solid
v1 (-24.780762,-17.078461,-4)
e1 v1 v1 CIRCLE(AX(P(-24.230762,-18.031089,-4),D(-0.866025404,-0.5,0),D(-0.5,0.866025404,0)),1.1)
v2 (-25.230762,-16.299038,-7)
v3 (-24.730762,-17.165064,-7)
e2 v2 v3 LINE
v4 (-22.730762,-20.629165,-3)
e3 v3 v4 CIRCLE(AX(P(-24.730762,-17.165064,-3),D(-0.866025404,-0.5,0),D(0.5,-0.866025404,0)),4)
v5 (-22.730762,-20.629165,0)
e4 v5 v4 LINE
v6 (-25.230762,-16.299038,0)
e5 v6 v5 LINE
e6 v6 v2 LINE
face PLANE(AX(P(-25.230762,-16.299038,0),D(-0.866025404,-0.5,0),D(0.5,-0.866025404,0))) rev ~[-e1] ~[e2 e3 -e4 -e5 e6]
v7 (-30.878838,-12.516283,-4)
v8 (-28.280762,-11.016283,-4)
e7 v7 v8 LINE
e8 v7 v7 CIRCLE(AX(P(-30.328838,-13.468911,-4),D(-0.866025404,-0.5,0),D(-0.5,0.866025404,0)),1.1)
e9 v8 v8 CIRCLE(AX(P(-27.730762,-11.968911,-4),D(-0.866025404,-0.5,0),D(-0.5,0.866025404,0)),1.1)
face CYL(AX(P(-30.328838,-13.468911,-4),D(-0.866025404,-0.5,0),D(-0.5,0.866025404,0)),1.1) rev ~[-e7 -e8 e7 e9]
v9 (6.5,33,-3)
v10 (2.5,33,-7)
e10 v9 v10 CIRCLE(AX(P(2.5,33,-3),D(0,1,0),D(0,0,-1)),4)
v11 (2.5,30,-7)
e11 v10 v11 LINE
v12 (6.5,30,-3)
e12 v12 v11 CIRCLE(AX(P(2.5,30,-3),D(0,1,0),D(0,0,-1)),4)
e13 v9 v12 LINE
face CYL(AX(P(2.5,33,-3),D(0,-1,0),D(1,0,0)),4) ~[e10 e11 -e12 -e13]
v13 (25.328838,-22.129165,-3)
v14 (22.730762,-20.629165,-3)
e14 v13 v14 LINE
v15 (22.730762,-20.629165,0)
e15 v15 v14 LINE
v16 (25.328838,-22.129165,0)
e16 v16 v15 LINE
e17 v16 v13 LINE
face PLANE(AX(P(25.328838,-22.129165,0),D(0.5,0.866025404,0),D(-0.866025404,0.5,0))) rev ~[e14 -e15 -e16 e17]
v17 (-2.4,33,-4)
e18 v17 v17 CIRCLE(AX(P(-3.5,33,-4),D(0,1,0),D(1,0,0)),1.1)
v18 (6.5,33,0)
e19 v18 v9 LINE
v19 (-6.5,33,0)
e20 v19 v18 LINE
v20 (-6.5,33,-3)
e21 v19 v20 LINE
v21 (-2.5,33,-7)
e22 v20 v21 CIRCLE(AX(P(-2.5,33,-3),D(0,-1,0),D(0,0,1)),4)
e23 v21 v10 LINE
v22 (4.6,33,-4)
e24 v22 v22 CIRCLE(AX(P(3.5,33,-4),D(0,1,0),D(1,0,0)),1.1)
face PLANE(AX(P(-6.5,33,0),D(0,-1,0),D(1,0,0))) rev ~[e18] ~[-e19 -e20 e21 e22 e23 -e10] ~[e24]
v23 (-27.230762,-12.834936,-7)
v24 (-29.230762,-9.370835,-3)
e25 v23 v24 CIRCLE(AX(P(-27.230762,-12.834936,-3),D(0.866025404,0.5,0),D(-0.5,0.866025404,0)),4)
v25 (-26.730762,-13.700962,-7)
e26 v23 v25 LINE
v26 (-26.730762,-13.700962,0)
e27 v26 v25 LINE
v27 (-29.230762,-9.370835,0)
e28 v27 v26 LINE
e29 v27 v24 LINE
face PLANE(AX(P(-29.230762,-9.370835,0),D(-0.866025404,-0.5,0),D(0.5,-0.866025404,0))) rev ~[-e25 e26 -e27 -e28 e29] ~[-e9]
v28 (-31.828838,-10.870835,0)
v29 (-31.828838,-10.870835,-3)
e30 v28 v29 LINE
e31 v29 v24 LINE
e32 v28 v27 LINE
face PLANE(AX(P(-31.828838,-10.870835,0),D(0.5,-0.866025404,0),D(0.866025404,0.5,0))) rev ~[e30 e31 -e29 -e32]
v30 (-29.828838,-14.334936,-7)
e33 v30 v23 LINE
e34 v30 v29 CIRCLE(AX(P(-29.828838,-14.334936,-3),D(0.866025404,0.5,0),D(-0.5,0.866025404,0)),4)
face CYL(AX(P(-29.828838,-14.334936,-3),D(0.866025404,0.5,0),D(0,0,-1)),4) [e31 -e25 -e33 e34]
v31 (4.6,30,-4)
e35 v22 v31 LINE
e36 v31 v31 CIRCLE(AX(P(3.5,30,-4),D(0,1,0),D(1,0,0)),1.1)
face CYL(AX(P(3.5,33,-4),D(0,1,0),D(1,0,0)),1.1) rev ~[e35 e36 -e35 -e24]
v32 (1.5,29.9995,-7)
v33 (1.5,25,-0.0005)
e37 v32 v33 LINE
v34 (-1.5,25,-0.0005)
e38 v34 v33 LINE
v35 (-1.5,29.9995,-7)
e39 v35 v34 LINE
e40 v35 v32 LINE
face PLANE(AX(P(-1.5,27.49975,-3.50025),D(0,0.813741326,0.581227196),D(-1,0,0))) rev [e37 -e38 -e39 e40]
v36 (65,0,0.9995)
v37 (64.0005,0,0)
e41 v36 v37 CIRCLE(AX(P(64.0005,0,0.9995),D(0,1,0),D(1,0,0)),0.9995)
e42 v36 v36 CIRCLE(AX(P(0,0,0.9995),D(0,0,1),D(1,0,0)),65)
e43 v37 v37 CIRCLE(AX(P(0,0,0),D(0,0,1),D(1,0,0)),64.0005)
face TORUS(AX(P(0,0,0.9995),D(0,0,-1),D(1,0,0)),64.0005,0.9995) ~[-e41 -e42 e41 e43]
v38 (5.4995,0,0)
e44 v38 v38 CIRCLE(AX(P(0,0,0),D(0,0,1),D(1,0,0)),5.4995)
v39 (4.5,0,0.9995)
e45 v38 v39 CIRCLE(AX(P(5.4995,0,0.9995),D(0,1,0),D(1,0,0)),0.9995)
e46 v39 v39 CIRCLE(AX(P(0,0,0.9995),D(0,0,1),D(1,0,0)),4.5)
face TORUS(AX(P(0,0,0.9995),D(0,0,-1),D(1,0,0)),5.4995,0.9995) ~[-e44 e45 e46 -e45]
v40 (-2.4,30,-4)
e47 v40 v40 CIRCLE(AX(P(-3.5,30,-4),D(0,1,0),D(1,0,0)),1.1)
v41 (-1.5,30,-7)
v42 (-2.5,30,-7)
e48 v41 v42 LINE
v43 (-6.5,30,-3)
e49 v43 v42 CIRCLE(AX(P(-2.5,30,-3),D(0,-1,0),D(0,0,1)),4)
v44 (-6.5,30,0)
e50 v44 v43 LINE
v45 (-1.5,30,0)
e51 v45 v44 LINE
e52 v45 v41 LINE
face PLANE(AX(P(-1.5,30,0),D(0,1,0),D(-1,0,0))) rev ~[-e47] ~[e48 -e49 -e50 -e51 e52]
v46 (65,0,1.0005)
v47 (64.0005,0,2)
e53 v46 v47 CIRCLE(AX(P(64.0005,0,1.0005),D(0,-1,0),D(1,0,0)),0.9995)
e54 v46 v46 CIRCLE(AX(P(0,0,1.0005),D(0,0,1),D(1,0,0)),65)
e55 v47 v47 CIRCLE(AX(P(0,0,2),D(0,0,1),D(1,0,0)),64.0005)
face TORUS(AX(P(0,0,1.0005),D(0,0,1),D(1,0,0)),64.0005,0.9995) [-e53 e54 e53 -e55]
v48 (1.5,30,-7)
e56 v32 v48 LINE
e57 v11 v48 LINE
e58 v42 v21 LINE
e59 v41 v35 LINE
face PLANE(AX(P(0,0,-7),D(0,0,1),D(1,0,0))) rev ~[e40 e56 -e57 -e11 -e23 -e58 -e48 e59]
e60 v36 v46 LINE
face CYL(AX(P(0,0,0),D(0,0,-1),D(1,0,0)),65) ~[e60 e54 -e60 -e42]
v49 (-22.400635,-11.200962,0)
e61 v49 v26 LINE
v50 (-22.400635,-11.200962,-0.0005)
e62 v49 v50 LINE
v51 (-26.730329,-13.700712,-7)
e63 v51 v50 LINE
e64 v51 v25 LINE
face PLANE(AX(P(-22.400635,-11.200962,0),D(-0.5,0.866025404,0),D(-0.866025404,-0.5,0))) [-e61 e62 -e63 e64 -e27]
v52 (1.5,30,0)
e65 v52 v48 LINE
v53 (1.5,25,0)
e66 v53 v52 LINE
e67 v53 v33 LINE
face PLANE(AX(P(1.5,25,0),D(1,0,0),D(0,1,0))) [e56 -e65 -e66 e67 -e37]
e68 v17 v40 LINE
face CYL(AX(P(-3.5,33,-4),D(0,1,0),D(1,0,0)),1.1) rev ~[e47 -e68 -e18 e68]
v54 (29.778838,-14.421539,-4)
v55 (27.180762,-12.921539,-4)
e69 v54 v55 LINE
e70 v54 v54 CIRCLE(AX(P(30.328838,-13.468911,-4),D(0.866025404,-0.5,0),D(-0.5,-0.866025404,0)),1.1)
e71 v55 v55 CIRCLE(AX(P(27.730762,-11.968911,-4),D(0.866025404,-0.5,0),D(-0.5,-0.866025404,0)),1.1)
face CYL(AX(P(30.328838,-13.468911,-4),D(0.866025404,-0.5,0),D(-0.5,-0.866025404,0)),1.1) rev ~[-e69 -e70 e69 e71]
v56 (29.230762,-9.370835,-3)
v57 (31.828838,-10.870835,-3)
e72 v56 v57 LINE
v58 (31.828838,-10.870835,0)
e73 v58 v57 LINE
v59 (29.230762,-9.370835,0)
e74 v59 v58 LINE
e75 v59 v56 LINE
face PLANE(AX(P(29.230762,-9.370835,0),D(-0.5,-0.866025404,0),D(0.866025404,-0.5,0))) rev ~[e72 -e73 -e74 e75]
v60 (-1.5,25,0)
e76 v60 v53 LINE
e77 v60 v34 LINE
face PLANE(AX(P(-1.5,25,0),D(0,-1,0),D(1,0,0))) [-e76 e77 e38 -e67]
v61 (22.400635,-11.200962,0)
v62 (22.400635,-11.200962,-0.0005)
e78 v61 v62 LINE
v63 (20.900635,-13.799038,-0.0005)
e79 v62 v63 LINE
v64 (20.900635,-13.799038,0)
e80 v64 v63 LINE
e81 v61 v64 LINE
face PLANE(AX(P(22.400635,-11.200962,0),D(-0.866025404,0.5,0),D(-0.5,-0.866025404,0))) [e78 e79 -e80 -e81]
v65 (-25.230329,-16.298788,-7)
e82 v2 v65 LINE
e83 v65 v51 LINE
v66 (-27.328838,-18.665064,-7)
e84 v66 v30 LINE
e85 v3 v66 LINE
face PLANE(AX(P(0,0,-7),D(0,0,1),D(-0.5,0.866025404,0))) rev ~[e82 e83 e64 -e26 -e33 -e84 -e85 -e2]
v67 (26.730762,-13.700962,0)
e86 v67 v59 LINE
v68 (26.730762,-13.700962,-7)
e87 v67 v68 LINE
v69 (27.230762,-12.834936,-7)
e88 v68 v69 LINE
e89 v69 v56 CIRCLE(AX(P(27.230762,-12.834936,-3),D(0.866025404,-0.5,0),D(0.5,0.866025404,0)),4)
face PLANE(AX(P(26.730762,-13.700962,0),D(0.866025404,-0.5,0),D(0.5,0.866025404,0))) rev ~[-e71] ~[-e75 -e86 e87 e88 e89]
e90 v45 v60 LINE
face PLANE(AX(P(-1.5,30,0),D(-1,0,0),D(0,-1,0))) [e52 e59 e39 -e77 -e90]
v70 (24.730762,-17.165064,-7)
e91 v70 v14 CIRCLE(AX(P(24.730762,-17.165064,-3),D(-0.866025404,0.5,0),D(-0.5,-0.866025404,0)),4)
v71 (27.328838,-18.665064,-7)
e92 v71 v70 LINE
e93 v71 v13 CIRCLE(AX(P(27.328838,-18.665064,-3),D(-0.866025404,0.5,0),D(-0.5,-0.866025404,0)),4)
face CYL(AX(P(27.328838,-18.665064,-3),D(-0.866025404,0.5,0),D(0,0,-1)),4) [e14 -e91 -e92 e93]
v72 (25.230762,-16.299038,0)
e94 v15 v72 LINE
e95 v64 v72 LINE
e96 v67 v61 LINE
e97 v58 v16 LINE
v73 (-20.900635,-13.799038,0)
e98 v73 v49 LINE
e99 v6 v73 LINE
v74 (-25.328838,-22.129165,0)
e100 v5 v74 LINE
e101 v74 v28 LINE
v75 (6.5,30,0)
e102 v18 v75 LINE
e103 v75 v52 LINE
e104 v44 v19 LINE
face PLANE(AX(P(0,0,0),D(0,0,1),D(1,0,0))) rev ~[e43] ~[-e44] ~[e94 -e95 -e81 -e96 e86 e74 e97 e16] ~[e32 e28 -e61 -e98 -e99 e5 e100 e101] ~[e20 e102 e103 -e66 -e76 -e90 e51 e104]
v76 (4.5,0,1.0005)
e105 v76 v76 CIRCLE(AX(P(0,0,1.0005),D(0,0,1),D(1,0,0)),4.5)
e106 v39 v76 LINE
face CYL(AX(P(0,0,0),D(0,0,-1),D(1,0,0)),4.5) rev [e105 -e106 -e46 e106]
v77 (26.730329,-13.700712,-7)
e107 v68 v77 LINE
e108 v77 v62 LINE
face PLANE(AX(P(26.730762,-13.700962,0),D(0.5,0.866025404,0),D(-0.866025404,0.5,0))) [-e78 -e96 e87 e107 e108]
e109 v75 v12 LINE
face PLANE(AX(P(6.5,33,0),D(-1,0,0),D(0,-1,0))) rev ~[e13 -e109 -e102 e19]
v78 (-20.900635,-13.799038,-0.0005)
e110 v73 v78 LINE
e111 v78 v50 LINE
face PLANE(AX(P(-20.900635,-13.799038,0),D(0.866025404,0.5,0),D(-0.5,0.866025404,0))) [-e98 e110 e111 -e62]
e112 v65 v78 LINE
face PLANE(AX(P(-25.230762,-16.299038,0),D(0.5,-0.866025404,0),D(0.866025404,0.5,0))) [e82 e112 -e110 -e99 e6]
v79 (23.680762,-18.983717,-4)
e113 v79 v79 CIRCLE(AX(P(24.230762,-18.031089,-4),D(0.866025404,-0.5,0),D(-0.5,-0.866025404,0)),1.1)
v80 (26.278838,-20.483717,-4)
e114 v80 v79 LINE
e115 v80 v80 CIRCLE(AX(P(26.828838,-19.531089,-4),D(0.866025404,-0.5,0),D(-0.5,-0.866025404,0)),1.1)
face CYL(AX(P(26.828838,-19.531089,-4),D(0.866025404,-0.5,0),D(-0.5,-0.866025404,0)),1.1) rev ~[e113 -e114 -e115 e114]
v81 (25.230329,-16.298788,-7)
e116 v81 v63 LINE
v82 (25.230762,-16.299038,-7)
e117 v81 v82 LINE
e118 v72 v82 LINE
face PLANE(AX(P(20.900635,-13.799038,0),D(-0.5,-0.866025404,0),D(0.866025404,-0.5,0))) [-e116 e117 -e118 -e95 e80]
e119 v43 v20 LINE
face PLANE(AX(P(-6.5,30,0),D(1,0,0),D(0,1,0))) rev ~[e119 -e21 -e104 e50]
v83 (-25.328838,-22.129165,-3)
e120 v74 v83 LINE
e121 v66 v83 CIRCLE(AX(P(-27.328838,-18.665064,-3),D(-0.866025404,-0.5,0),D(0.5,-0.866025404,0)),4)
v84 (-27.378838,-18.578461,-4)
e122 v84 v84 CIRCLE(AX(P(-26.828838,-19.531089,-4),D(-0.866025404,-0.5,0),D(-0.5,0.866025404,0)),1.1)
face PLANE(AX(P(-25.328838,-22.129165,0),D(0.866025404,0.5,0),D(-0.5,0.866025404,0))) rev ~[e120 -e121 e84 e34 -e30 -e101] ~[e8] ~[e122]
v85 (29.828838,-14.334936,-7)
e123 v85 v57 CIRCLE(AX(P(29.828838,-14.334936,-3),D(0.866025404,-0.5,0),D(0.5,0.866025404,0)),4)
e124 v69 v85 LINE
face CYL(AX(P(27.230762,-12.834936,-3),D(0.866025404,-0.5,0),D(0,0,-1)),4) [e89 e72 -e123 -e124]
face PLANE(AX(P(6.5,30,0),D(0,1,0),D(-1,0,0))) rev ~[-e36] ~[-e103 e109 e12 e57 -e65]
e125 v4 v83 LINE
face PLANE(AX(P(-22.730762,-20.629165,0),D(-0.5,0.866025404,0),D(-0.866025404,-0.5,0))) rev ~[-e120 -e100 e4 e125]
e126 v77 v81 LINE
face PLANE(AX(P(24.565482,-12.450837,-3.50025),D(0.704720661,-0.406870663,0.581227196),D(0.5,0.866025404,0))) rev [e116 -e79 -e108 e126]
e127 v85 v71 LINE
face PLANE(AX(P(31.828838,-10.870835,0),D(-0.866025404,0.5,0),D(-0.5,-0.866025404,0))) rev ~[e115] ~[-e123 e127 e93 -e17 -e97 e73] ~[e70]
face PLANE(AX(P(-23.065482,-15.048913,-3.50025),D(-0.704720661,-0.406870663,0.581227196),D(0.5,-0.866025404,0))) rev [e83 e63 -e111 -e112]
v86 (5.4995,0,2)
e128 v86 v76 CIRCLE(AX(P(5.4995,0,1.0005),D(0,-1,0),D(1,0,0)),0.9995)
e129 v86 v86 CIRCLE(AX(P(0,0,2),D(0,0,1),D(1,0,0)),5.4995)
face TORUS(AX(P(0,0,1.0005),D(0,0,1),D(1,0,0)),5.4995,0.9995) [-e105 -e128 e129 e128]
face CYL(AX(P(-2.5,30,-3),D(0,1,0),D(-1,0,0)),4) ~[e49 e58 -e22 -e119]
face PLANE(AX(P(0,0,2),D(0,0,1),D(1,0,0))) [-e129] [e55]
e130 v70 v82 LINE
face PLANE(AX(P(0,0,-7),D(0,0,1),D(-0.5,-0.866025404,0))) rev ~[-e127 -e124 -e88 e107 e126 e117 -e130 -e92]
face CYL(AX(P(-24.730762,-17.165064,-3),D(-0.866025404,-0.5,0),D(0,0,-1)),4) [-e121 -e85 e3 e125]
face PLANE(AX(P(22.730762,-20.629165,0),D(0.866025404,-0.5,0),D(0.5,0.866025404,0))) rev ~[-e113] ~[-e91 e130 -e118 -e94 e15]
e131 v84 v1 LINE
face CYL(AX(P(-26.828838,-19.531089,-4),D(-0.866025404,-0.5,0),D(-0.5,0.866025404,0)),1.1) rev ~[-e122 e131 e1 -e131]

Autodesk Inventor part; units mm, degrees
ref_plane "YZ Plane" through (0, 0, 0) normal (1, 0, 0) x (0, 1, 0)
ref_plane "XZ Plane" through (0, 0, 0) normal (0, 1, 0) x (-1, 0, 0)
ref_plane "XY Plane" through (0, 0, 0) normal (0, 0, 1) x (1, 0, 0)
sketch "Skizze1" plane through (0, 0, 0) normal (0, 0, 1) x (1, 0, 0)
  line L0 (-91, 0) -> (91, 0) construction
  circle A0 centre (0, 0) radius 65
  line L1 (-6.5, 33) -> (6.5, 33)
  line L2 (6.5, 33) -> (6.5, 30)
  line L3 (6.5, 30) -> (-6.5, 30)
  line L4 (-6.5, 30) -> (-6.5, 33)
  line L5 (1.5, 30) -> (-1.5, 30)
  line L6 (-1.5, 30) -> (-1.5, 25)
  line L7 (-1.5, 25) -> (1.5, 25)
  line L8 (1.5, 25) -> (1.5, 30)
  circle A1 centre (0, 0) radius 4.5
  line L9 (0, 91) -> (0, -91) construction
  dimension "d9" = 130
  dimension "d10" = 3
  dimension "d11" = 30
  dimension "d14" = 13
  dimension "d23" = 5
  dimension "d62" = 9
extrude "Extrusion3" add sketch "Skizze1" against normal blind 7 contours L1 L2 L3 L4 | L3 L8 L7 L6
fillet "Rundung1" radius 4 2 edges at (-6.5, 31.5, -7) (6.5, 31.5, -7)
sketch "Skizze2" plane through (-6.5, 33, 0) normal (0, 1, 0) x (1, 0, 0)
  circle A0 centre (3, 4) radius 1.1
  circle A1 centre (10, 4) radius 1.1
  line L0 (6.5, 0) -> (6.5, 7) construction
  line L1 (43, 0) -> (-27, 0) construction
  line L2 (-1.6221, 4) -> (19.0112, 4) construction
  line L3 (4, 7) -> (9, 7) construction
  line L4 (0, 0) -> (0, 3) projected
  dimension "d16" = 2.2
  dimension "d20" = 3
  dimension "d21" = 3
extrude "Extrusion4" cut sketch "Skizze2" against normal up to next
chamfer "Fase1" distance 5 distance2 7 1 edges at (0, 25, -7) measured on face at (0.5, 32, -7)
pattern_circular "Runde Anordnung1" count 3 over 360 about axis through (0, 0, -10) along (0, 0, 1) of "Extrusion3", "Extrusion4", "Fase1", "Rundung1"
extrude "Extrusion11" add sketch "Skizze1" along normal blind 2 contours A0 | L1 L2 L3 L4 | L3 L8 L7 L6
fillet "Rundung5" radius 1 4 edges at (-65, 0, 2) (-4.5, 0, 2) (-4.5, 0, 0) (-65, 0, 0)
equation "\"d21\" = d20"
properties part number "Stewart-Plate-Head"
